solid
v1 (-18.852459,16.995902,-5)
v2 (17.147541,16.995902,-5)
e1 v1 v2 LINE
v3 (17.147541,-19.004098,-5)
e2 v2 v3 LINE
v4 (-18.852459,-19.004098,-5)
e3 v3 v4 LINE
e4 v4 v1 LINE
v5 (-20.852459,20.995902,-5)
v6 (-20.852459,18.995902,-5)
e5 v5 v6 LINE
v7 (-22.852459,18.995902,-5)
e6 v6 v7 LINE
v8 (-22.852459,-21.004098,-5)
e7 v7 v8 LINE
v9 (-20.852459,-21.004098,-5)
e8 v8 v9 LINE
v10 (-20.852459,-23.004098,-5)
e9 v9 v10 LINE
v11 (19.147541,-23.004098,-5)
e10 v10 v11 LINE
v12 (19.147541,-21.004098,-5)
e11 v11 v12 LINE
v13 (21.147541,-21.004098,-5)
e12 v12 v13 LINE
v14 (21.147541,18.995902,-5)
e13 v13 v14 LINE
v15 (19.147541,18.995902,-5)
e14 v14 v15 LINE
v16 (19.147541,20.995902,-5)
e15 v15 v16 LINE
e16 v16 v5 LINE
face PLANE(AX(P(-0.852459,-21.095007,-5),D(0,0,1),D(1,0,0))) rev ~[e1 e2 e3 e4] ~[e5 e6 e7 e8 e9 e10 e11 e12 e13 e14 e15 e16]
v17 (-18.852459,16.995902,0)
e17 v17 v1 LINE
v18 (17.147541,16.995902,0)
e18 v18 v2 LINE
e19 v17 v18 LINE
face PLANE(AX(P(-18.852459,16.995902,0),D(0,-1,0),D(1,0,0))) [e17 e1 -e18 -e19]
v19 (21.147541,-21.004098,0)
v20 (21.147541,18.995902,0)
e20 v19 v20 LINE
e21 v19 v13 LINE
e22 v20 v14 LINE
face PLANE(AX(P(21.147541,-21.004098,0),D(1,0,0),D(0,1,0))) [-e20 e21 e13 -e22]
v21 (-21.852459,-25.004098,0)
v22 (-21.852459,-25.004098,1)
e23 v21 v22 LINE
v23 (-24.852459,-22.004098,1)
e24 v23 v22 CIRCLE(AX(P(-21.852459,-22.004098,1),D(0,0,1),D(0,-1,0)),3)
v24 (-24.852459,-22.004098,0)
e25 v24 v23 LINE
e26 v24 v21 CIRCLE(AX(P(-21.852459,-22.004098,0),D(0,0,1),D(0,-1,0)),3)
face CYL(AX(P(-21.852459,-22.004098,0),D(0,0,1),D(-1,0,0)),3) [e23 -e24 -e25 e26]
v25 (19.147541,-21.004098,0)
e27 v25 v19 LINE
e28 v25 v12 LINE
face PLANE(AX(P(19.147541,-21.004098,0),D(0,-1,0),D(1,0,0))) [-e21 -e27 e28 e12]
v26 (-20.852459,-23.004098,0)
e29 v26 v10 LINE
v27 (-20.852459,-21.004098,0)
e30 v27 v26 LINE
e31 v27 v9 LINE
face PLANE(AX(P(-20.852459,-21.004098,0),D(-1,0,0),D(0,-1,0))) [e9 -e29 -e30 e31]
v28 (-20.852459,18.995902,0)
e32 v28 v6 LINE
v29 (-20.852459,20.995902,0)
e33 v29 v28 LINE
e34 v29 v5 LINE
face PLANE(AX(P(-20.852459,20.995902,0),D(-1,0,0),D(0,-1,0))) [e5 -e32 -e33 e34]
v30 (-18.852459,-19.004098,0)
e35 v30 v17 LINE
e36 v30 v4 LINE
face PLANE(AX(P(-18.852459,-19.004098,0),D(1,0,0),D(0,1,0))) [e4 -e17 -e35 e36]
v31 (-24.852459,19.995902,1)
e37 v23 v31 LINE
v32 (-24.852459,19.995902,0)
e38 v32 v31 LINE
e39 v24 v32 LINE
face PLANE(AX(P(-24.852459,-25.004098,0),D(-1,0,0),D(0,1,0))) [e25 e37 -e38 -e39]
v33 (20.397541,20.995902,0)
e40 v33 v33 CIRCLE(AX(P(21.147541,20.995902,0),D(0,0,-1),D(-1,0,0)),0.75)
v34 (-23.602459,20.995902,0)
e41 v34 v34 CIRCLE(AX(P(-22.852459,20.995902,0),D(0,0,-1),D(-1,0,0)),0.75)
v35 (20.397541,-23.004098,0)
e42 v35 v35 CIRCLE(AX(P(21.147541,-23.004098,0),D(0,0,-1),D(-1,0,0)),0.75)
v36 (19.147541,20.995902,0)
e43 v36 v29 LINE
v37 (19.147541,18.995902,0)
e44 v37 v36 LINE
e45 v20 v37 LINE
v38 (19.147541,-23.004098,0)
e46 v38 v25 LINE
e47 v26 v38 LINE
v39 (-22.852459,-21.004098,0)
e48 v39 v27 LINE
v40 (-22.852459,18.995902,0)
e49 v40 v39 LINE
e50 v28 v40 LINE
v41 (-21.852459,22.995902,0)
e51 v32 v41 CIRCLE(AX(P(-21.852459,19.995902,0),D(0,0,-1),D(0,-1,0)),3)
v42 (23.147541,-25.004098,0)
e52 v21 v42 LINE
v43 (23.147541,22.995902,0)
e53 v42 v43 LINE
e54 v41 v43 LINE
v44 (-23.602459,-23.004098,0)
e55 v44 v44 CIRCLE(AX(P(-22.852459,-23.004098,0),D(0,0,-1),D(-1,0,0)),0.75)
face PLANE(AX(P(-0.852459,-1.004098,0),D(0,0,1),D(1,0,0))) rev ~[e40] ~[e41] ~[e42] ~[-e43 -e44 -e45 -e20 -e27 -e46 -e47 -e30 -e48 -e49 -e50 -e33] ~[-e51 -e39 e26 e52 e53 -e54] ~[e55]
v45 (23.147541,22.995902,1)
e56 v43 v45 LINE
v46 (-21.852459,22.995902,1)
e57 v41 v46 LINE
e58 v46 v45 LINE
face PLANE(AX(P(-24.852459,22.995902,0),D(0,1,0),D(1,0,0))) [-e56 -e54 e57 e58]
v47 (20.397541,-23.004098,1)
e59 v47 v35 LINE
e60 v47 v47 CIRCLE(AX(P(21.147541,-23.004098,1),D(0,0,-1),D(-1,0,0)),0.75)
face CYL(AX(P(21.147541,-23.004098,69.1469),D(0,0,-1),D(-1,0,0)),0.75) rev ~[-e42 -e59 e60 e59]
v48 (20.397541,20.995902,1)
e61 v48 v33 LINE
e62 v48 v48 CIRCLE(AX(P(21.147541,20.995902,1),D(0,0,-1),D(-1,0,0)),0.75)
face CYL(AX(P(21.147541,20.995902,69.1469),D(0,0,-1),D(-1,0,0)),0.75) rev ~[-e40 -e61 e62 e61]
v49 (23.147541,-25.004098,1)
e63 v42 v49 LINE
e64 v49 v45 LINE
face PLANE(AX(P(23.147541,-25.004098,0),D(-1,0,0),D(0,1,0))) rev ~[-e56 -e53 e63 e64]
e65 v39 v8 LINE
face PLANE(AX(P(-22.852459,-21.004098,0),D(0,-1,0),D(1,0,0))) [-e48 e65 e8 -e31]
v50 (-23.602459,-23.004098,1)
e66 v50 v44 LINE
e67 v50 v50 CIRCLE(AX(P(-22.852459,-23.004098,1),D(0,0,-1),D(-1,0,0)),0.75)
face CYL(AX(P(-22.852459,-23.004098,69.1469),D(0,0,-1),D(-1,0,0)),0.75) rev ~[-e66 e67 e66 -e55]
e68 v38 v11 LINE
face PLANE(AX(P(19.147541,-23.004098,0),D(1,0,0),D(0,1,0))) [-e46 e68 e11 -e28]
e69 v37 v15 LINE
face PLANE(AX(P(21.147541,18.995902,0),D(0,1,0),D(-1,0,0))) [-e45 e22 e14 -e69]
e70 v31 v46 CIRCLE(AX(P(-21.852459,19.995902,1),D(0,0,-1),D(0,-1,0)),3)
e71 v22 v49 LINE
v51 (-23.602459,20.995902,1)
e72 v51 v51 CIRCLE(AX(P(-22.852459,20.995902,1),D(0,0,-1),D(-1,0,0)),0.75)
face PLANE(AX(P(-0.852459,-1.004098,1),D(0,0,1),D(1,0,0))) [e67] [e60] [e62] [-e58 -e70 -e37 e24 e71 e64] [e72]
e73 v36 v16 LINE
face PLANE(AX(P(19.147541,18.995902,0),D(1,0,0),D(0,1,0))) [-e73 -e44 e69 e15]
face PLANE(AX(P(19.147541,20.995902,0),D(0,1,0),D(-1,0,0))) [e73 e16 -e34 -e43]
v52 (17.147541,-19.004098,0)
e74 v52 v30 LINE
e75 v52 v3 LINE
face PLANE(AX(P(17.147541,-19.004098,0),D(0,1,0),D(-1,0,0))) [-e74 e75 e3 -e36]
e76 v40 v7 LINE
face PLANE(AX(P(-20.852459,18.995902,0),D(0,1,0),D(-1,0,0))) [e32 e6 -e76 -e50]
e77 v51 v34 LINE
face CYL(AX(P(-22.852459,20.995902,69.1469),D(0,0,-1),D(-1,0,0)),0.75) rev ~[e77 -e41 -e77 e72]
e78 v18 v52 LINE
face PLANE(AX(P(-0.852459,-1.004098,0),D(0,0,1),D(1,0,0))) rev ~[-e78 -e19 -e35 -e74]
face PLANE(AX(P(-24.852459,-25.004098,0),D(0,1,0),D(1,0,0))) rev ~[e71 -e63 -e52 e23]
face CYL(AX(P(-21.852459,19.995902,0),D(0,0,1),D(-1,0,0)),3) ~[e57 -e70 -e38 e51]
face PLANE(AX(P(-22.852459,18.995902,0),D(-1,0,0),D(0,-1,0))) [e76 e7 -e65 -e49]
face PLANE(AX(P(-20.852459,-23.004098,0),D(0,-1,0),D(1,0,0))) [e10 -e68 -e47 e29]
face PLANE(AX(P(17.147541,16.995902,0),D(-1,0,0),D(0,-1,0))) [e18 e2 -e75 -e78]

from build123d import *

# Parameters (mm, degrees)
F0_W     = 48
F0_H     = 48
F1_DEPTH = 1
F2_W     = 2
F2_H     = 2
F3_DEPTH = 5
F5_D     = 1.5
F6_R     = 3


with BuildPart() as f1:
    # F0 (on Top) → F1 (new body)
    with BuildSketch(Plane.XY):
        with Locations((-0.8524587825, -1.0040983325)):
            Rectangle(F0_W, F0_H)
        Polygon((19.1475412175, 18.9959016675), (21.1475412175, 18.9959016675), (21.1475412175, -21.0040983325), (19.1475412175, -21.0040983325), (19.1475412175, -23.0040983325), (-20.8524587825, -23.0040983325), (-20.8524587825, -21.0040983325), (-22.8524587825, -21.0040983325), (-22.8524587825, 18.9959016675), (-20.8524587825, 18.9959016675), (-20.8524587825, 20.9959016675), (19.1475412175, 20.9959016675), align=None, mode=Mode.SUBTRACT)
        Polygon((21.1475412175, -21.0040983325), (21.1475412175, 18.9959016675), (19.1475412175, 18.9959016675), (19.1475412175, 20.9959016675), (-20.8524587825, 20.9959016675), (-20.8524587825, 18.9959016675), (-22.8524587825, 18.9959016675), (-22.8524587825, -21.0040983325), (-20.8524587825, -21.0040983325), (-20.8524587825, -23.0040983325), (19.1475412175, -23.0040983325), (19.1475412175, -21.0040983325), align=None)
    extrude(amount=F1_DEPTH)

    # F2 (on Top) → F3 (join)
    with BuildSketch(Plane.XY):
        Polygon((-20.8524587825, -21.0040983325), (-20.8524587825, -23.0040983325), (19.1475412175, -23.0040983325), (19.1475412175, -21.0040983325), (17.1475412175, -21.0040983325), (17.1475412175, -19.0040983325), (-18.8524587825, -19.0040983325), (-18.8524587825, -21.0040983325), align=None)
        Polygon((-22.8524587825, -21.0040983325), (-20.8524587825, -21.0040983325), (-20.8524587825, -19.0040983325), (-18.8524587825, -19.0040983325), (-18.8524587825, 16.9959016675), (-20.8524587825, 16.9959016675), (-20.8524587825, 18.9959016675), (-22.8524587825, 18.9959016675), align=None)
        with Locations((-19.8524587825, -20.0040983325)):
            Rectangle(F2_W, F2_H)
        with Locations((18.1475412175, -20.0040983325)):
            Rectangle(F2_W, F2_H)
        Polygon((19.1475412175, -19.0040983325), (19.1475412175, -21.0040983325), (21.1475412175, -21.0040983325), (21.1475412175, 18.9959016675), (19.1475412175, 18.9959016675), (19.1475412175, 16.9959016675), (17.1475412175, 16.9959016675), (17.1475412175, -19.0040983325), align=None)
        with Locations((-19.8524587825, 17.9959016675)):
            Rectangle(F2_W, F2_H)
        Polygon((-18.8524587825, 18.9959016675), (-18.8524587825, 16.9959016675), (17.1475412175, 16.9959016675), (17.1475412175, 18.9959016675), (19.1475412175, 18.9959016675), (19.1475412175, 20.9959016675), (-20.8524587825, 20.9959016675), (-20.8524587825, 18.9959016675), align=None)
        with Locations((18.1475412175, 17.9959016675)):
            Rectangle(F2_W, F2_H)
    extrude(amount=-F3_DEPTH)

    # F5 (through all)
    with Locations(Plane.XY.offset(1)):
        with Locations((-22.8524587825, 20.9959016675), (-22.8524587825, -23.0040983325), (21.1475412175, -23.0040983325), (21.1475412175, 20.9959016675)):
            Hole(F5_D / 2)

    # F6
    f6_edges = [f1.edges().sort_by_distance(p)[0] for p in [
        (-24.852459, -25.004098, 0.5),
        (-24.852459, 22.995902, 0.5),
    ]]
    fillet(f6_edges, radius=F6_R)


solid = f1.part
